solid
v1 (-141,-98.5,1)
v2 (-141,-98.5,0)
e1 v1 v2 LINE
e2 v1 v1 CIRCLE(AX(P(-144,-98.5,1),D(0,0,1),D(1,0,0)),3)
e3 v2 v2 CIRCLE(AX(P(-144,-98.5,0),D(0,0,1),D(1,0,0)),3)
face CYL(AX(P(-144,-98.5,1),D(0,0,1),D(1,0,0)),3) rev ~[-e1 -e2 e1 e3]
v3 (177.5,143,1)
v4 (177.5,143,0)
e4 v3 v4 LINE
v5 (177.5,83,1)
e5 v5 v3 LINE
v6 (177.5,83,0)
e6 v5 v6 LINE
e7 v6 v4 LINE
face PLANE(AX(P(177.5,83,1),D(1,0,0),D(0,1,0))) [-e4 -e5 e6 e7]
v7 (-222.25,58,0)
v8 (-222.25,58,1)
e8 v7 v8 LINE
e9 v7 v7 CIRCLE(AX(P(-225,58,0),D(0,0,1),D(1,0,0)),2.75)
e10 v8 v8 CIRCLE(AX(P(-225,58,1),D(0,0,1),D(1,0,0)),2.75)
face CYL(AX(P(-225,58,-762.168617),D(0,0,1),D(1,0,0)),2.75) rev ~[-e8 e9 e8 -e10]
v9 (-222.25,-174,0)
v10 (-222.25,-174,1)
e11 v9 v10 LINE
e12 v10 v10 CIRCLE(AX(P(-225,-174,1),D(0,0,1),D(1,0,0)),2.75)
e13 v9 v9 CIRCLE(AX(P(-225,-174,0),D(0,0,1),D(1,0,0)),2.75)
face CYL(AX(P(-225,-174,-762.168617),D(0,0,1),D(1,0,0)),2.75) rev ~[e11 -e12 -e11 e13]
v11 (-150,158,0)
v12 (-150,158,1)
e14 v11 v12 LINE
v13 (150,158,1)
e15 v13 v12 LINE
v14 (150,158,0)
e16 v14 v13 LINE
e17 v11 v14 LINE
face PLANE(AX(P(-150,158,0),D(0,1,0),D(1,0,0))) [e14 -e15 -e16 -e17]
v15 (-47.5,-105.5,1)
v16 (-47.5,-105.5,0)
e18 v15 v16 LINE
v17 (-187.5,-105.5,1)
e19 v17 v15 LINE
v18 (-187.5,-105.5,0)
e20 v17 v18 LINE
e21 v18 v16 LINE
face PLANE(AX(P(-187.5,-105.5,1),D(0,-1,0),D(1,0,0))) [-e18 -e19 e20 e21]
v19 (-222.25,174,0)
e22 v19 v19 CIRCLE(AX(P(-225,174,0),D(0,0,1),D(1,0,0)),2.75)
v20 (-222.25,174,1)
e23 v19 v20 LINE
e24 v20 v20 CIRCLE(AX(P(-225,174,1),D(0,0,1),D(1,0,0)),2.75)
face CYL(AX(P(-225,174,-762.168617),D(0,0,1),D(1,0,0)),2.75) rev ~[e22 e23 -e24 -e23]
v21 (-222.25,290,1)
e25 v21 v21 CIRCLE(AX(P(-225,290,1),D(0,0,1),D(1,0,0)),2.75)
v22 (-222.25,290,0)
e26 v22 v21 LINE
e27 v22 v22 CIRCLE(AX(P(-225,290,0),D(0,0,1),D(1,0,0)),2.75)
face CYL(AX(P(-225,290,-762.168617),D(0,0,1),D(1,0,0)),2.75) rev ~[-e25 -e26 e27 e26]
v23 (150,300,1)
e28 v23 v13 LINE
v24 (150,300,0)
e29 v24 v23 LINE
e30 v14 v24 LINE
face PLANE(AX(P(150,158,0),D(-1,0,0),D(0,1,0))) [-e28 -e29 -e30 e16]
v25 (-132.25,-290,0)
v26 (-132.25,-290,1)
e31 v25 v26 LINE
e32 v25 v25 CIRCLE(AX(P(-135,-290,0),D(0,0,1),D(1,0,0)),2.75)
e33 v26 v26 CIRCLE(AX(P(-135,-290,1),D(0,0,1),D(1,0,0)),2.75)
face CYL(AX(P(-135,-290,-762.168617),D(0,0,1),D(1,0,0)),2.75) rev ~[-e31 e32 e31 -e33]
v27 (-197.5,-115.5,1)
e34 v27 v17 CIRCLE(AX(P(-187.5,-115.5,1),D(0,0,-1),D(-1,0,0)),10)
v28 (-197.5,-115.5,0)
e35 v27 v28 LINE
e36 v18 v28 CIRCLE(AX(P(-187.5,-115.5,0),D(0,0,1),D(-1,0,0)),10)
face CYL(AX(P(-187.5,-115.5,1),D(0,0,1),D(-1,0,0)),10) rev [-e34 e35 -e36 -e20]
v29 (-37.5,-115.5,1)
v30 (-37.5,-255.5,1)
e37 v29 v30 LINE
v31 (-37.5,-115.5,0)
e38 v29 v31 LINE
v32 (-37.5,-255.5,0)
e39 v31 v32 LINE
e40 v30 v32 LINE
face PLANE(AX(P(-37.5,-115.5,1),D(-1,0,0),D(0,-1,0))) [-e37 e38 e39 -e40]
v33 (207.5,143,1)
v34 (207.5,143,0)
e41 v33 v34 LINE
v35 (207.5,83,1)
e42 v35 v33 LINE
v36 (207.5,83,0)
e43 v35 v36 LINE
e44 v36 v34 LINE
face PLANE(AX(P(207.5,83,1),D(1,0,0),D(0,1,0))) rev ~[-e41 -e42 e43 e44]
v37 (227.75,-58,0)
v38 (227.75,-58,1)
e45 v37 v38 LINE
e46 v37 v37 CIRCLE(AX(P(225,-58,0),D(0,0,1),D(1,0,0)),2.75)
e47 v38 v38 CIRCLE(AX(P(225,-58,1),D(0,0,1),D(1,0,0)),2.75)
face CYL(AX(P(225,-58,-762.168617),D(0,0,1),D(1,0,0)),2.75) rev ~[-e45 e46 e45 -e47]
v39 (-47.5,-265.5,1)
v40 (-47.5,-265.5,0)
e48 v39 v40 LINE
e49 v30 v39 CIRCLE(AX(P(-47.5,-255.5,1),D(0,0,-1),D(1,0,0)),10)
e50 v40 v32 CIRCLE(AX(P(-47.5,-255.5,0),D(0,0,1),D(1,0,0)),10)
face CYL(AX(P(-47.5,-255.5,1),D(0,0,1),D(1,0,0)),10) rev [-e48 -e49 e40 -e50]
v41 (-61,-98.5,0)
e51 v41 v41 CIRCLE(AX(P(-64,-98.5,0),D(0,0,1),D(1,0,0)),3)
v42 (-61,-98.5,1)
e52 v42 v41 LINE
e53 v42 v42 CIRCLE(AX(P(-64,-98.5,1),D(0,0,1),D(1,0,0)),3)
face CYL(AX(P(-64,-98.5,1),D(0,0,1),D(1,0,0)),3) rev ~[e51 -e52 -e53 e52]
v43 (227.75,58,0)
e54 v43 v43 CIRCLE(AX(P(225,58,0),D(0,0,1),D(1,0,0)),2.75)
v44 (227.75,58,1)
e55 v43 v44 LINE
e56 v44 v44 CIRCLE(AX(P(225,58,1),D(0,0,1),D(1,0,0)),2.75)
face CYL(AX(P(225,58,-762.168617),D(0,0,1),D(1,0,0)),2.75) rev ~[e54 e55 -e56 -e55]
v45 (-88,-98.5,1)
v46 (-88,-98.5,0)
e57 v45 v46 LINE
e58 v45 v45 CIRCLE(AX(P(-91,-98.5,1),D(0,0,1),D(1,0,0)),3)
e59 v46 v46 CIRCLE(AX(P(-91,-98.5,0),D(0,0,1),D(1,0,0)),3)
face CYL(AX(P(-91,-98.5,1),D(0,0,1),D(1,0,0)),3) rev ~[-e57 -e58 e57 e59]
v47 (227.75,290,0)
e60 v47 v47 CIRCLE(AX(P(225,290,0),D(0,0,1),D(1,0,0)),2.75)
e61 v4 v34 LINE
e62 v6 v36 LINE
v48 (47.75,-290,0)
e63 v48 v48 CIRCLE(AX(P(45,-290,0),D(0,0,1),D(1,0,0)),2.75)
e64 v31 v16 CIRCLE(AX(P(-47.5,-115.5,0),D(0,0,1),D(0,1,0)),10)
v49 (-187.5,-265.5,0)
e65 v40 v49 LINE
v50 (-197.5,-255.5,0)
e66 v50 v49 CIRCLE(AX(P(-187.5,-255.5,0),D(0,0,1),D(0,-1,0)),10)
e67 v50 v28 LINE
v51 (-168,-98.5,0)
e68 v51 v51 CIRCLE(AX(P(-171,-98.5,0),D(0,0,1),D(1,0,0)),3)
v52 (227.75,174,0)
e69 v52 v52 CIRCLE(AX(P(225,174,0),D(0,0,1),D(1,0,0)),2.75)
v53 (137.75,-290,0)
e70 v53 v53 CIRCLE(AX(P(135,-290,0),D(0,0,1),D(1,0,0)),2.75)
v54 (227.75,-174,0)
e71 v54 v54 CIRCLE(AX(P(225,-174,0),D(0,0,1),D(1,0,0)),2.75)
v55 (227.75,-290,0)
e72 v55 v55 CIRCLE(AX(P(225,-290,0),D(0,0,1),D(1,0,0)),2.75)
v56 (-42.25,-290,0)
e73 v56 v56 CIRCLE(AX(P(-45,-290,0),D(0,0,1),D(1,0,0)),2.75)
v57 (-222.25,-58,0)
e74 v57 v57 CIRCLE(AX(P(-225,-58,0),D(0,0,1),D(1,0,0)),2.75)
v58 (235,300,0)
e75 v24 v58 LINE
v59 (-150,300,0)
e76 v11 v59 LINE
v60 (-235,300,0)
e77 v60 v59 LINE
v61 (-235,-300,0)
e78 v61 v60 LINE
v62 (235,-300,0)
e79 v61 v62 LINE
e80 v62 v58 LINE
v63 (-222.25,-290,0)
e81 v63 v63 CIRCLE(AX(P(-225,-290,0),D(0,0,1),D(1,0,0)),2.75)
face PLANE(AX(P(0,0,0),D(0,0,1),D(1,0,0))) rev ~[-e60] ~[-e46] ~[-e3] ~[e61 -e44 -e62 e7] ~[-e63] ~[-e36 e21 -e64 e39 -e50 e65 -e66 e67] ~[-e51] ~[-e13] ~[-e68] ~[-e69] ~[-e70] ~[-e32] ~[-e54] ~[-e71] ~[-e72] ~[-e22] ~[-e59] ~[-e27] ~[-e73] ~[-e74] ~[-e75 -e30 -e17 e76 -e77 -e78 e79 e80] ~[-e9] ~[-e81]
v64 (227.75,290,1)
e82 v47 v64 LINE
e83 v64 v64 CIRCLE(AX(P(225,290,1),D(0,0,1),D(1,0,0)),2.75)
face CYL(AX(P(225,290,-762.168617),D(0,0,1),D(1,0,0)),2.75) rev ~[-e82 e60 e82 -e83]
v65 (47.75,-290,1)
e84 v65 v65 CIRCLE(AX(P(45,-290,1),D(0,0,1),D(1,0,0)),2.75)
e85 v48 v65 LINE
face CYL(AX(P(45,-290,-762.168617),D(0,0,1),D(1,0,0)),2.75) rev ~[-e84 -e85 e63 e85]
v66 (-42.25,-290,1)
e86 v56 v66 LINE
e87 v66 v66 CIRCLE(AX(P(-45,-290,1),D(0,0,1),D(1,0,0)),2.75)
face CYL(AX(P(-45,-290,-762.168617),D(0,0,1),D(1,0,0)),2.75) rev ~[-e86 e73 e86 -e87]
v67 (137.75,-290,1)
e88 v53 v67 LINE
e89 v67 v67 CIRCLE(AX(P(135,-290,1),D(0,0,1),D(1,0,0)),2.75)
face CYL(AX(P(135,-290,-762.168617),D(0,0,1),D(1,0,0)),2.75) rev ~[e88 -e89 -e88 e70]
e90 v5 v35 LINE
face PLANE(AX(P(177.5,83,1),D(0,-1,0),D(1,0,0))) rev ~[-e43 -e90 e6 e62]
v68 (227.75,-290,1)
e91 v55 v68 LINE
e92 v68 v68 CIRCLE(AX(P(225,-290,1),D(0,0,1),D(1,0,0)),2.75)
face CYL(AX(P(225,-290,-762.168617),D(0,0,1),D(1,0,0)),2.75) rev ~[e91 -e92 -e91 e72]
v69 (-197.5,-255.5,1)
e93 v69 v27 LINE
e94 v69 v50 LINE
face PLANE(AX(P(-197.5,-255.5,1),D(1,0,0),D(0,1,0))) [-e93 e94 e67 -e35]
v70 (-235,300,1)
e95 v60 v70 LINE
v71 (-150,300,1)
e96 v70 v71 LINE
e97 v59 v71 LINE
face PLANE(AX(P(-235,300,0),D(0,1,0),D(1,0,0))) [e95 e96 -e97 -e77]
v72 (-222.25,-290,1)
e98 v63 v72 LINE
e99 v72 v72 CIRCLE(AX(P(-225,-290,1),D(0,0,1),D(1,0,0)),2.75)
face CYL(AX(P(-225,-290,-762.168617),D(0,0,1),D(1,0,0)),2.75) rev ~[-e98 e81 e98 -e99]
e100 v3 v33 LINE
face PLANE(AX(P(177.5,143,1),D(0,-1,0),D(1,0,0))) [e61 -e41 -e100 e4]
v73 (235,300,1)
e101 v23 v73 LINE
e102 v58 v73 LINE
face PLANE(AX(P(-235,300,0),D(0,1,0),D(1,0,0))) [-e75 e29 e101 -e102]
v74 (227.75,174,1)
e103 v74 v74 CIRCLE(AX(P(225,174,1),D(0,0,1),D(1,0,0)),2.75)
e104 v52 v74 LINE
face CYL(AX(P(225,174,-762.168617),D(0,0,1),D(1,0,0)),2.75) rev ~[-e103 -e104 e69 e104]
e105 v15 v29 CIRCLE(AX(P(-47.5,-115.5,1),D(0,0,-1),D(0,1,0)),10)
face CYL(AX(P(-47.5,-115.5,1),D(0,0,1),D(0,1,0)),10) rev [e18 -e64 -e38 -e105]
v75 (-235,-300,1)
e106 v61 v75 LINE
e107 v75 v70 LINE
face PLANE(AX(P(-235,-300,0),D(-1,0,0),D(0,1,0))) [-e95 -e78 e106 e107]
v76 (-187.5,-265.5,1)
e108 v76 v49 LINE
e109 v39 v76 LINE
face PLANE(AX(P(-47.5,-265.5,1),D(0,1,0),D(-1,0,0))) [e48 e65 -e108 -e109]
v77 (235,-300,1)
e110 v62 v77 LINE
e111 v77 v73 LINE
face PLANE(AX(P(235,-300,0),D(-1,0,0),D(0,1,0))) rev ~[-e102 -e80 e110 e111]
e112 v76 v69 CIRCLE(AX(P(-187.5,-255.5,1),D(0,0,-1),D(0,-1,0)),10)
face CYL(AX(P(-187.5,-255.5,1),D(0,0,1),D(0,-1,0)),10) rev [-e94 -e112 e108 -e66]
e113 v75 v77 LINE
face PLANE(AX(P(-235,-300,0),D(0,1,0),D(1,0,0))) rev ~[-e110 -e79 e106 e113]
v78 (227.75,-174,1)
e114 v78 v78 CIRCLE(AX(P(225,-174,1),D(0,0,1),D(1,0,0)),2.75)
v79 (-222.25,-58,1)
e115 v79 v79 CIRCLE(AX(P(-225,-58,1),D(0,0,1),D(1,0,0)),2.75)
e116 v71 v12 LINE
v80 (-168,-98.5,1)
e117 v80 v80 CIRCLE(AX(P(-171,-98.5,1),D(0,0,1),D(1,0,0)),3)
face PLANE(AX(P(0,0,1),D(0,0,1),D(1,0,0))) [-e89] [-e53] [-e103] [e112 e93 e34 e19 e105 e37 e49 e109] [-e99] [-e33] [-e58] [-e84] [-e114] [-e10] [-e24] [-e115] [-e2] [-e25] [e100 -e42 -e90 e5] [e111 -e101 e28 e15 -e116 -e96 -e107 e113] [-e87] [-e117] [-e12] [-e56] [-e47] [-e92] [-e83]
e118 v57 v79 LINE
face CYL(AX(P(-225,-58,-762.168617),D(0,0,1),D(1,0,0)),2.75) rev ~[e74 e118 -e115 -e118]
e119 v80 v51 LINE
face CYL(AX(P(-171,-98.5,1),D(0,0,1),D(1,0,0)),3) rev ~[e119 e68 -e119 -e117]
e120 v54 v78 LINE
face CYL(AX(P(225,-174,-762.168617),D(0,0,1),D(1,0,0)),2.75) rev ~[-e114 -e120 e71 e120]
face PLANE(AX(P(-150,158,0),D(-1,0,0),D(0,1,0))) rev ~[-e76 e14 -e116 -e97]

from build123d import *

# Parameters (mm, degrees)
SKETCH_1_W          = 470
SKETCH_1_H          = 600
EXTRUDE_1_DEPTH     = 1
HOLE_WIZARD_M5_1_D  = 5.5
SKETCH_1_3_W        = 300
SKETCH_1_3_H        = 142
CUT_EXTRUDE_3_DEPTH = 10
SKETCH_4_W          = 30
SKETCH_4_H          = 60
CUT_EXTRUDE_4_DEPTH = 10
SKETCH_5_R          = 3
CUT_EXTRUDE_5_DEPTH = 10


with BuildPart() as part:
    # 스케치1 → 보스-돌출1 (new body)
    with BuildSketch(Plane.XY):
        Rectangle(SKETCH_1_W, SKETCH_1_H)
    extrude(amount=EXTRUDE_1_DEPTH)

    # M5 여유 구멍1 (through all)
    with Locations(Plane(origin=(0, 0, 0), x_dir=(-1, 0, 0), z_dir=(0, 0, -1))):
        with Locations((-225, 290), (-135, 290), (-45, 290), (45, 290), (135, 290), (225, 290), (225, 174), (225, 58), (225, -58), (225, -174), (225, -290), (-225, 174), (-225, 58), (-225, -58), (-225, -174), (-225, -290), (-135, -290), (-45, -290), (45, -290), (135, -290)):
            Hole(HOLE_WIZARD_M5_1_D / 2)

    # 스케치1<3> → 컷-돌출3 (cut)
    with BuildSketch(Plane.XY):
        with Locations((0, 229)):
            Rectangle(SKETCH_1_3_W, SKETCH_1_3_H)
    extrude(amount=CUT_EXTRUDE_3_DEPTH, mode=Mode.SUBTRACT)

    # 스케치4 → 컷-돌출4 (cut)
    with BuildSketch(Plane.XY.offset(1)):
        with Locations((192.5, 113)):
            Rectangle(SKETCH_4_W, SKETCH_4_H)
        with BuildLine():
            Line((-187.5, -105.5), (-47.5, -105.5))
            ThreePointArc((-47.5, -105.5), (-40.428932188, -108.428932188), (-37.5, -115.5))
            Line((-37.5, -115.5), (-37.5, -255.5))
            ThreePointArc((-37.5, -255.5), (-40.428932188, -262.571067812), (-47.5, -265.5))
            Line((-47.5, -265.5), (-187.5, -265.5))
            ThreePointArc((-187.5, -265.5), (-194.571067812, -262.571067812), (-197.5, -255.5))
            Line((-197.5, -255.5), (-197.5, -115.5))
            ThreePointArc((-197.5, -115.5), (-194.571067812, -108.428932188), (-187.5, -105.5))
        make_face()
    extrude(amount=-CUT_EXTRUDE_4_DEPTH, mode=Mode.SUBTRACT)

    # 스케치5 → 컷-돌출5 (cut)
    with BuildSketch(Plane.XY.offset(1)):
        with Locations((-171, -98.5)):
            Circle(SKETCH_5_R)
        with Locations((-144, -98.5)):
            Circle(SKETCH_5_R)
        with Locations((-91, -98.5)):
            Circle(SKETCH_5_R)
        with Locations((-64, -98.5)):
            Circle(SKETCH_5_R)
    extrude(amount=-CUT_EXTRUDE_5_DEPTH, mode=Mode.SUBTRACT)


solid = part.part
